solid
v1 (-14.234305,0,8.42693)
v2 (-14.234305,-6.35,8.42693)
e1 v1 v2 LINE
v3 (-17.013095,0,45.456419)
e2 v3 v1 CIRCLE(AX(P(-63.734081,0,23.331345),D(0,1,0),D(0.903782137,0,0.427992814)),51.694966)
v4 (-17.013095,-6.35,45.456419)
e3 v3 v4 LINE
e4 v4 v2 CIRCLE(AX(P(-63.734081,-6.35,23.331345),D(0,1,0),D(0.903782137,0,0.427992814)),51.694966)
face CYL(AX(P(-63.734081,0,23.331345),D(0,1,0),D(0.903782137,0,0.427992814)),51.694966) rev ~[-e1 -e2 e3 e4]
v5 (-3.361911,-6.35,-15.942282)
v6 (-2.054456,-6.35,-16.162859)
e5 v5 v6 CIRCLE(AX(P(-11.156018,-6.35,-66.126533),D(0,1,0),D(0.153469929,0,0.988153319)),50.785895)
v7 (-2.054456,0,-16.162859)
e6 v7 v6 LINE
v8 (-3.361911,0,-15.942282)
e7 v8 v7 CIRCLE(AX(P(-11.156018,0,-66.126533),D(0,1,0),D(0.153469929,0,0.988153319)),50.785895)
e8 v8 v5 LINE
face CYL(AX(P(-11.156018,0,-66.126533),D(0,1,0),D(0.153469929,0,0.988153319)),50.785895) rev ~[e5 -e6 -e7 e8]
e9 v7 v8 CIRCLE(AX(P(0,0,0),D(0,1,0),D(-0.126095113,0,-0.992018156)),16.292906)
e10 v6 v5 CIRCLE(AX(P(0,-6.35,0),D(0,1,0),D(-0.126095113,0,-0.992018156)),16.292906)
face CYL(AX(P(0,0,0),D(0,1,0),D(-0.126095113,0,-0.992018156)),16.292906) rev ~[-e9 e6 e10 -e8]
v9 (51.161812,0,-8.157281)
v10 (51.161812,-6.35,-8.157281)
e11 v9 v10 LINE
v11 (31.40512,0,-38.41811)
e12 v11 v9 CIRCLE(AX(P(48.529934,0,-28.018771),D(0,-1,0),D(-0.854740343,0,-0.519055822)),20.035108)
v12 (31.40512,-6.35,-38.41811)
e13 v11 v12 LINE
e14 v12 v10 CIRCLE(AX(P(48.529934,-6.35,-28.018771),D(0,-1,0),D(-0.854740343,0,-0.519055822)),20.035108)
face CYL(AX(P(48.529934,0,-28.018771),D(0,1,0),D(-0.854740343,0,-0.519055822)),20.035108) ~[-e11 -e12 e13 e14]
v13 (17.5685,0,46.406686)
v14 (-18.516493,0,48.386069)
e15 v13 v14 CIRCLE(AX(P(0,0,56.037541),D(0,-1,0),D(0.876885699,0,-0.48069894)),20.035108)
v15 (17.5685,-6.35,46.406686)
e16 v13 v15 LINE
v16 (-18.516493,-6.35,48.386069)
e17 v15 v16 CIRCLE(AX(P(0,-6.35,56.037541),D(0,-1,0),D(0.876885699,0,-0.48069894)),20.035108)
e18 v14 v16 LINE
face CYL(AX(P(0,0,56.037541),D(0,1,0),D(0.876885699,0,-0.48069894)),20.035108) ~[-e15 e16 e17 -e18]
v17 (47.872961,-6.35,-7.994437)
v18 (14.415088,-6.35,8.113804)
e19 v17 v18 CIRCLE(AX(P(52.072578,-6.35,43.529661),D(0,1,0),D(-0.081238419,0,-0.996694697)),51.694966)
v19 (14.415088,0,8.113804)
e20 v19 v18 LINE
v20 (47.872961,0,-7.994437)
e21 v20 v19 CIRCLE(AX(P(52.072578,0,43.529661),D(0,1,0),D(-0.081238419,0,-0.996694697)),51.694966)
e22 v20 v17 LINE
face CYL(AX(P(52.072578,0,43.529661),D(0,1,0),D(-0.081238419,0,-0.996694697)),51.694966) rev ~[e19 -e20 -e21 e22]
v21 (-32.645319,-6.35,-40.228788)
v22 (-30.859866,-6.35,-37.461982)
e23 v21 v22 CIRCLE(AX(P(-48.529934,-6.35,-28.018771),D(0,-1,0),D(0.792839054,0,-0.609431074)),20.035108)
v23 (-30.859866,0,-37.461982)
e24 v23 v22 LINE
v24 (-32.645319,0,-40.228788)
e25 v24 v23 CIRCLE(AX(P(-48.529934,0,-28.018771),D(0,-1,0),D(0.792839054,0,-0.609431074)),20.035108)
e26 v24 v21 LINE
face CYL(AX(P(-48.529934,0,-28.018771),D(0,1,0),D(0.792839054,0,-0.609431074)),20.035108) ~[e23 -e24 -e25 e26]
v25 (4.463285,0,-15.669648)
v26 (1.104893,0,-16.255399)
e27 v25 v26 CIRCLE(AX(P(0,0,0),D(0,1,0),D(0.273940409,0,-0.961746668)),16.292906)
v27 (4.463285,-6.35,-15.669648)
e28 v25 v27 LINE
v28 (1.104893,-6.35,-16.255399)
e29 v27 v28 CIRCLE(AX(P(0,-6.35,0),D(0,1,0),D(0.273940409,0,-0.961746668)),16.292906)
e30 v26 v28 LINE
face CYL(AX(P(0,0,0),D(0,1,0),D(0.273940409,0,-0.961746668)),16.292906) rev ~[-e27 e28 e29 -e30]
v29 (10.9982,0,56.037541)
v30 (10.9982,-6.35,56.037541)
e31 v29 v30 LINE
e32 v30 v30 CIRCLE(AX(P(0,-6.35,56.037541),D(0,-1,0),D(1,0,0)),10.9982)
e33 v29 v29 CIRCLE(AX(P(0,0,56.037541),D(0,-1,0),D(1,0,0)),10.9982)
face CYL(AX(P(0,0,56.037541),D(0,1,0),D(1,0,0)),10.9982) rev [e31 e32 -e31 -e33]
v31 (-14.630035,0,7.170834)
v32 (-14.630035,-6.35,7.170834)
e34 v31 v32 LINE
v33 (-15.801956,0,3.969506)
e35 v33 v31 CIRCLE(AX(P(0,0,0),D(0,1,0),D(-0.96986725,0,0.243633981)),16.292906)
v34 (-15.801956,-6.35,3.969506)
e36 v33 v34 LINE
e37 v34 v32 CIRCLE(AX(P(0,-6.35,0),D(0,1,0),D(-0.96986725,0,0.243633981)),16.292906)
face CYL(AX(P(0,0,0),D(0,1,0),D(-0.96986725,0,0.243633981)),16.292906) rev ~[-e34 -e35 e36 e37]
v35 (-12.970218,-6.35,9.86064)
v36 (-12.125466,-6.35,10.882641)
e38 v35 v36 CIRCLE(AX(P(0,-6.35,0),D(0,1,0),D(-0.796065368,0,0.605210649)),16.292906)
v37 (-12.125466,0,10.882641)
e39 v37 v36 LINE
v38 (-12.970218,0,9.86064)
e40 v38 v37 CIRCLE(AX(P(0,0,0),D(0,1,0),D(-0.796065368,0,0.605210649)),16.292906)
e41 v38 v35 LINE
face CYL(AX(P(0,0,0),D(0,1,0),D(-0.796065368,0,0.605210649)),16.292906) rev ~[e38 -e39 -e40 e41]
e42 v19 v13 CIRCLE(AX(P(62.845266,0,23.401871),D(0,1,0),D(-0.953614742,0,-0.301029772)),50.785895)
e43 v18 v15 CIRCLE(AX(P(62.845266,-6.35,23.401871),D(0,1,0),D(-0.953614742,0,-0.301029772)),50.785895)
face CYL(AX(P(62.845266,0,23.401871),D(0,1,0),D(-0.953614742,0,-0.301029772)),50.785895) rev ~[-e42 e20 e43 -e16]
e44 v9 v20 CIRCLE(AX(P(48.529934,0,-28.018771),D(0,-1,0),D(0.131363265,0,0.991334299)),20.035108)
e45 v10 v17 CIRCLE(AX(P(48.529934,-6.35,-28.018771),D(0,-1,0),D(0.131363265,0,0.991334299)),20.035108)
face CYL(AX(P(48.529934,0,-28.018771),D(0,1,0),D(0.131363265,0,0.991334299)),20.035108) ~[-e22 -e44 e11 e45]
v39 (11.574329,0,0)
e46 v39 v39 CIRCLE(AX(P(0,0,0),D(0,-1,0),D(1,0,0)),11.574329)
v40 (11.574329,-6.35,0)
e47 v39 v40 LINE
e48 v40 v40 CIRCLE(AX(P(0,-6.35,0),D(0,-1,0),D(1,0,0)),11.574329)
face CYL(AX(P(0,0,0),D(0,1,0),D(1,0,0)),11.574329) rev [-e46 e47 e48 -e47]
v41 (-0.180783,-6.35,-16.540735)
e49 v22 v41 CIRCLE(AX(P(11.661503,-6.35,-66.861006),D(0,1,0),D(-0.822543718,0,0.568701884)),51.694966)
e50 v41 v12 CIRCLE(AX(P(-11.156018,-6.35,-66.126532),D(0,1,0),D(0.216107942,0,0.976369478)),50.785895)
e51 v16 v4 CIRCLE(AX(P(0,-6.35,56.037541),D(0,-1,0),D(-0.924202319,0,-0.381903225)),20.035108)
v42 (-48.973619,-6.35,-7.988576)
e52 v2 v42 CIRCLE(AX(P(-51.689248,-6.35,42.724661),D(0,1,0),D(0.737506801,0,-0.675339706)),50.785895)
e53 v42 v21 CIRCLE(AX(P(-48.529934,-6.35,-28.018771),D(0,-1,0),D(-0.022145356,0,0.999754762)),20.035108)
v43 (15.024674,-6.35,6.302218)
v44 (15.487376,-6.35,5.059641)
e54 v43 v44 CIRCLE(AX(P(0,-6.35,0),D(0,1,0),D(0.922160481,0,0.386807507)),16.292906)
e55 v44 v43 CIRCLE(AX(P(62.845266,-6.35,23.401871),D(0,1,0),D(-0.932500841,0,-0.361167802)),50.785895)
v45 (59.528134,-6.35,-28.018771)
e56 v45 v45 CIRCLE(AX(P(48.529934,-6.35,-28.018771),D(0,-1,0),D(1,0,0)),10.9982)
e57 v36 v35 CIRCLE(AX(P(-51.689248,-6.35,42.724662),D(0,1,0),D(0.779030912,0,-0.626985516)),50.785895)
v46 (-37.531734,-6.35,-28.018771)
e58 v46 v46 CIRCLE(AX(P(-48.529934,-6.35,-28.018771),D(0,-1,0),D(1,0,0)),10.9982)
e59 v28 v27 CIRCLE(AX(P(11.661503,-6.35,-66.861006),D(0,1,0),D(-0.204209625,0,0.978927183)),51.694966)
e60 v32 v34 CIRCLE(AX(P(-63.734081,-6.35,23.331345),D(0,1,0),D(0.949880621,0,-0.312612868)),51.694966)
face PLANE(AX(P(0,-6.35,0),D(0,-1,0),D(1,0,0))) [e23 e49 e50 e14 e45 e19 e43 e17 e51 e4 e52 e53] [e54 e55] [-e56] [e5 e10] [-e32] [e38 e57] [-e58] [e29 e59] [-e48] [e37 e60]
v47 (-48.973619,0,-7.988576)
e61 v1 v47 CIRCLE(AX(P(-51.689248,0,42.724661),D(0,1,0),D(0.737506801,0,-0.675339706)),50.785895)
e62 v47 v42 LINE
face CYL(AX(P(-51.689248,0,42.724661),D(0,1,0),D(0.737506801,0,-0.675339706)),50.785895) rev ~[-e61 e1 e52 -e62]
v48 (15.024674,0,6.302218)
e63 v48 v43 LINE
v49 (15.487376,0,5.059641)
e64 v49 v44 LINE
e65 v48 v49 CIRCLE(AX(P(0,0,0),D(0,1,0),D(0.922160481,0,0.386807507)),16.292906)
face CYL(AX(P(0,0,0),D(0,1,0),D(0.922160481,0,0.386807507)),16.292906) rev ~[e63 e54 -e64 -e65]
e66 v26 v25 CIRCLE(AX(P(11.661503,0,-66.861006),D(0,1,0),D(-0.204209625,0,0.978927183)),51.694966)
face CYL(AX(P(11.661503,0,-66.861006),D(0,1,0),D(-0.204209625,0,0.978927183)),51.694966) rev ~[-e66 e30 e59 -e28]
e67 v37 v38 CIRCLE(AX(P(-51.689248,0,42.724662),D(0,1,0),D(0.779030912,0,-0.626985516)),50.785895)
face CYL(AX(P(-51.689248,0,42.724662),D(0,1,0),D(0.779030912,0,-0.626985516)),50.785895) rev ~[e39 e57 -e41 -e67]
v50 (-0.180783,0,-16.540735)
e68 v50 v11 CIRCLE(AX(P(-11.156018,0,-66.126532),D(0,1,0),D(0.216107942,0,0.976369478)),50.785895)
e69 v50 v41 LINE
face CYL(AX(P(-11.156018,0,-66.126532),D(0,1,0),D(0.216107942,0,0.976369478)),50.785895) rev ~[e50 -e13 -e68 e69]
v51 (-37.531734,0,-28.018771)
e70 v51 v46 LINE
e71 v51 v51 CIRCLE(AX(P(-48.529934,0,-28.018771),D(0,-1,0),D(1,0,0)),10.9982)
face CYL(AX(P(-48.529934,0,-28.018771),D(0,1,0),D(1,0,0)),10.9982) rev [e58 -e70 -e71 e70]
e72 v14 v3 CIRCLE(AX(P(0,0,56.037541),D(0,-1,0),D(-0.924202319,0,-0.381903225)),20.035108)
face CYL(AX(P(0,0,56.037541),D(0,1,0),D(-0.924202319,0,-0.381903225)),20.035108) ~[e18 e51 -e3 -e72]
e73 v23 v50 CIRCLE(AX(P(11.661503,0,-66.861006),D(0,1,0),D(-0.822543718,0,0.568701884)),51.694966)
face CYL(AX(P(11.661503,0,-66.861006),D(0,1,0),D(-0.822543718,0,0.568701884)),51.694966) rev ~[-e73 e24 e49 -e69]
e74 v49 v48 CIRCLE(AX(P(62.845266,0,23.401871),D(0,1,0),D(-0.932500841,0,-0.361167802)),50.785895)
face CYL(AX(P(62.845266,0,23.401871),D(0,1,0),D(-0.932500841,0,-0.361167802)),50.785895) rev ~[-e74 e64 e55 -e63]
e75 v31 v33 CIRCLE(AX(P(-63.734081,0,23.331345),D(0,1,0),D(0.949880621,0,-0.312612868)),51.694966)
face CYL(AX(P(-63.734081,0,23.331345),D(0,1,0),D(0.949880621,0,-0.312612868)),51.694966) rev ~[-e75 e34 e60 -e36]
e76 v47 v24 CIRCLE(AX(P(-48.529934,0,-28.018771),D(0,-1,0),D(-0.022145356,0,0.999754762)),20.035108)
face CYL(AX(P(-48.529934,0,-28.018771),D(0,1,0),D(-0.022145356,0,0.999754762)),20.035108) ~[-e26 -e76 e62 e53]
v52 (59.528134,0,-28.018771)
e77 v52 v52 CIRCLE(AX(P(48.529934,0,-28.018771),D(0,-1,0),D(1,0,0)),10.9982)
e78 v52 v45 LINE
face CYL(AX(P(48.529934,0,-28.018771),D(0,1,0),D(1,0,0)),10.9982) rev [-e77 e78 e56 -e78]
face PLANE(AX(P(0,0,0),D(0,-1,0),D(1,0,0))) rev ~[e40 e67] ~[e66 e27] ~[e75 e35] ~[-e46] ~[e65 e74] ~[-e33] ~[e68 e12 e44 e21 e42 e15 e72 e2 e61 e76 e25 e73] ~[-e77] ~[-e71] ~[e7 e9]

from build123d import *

# Parameters (mm, degrees)
F0_R     = 10.9982
F0_R_2   = 11.5743290876
F1_DEPTH = 6.35


with BuildPart() as f1:
    # F0 (on Front) → F1 (new body)
    with BuildSketch(Plane.XZ):
        with BuildLine():
            ThreePointArc((14.4150879501, 8.1138044881), (12.2307022641, 27.5699706083), (17.5684995614, 46.4066863766))
            ThreePointArc((17.5684995614, 46.4066863766), (1.0973431657, 76.0425754658), (-18.5164931455, 48.3860691738))
            ThreePointArc((-18.5164931455, 48.3860691738), (-17.7414613596, 46.9332176395), (-17.0130948181, 45.4564190644))
            ThreePointArc((-17.0130948181, 45.4564190644), (-12.1840612137, 27.1997940984), (-14.2343047831, 8.4269301185))
            ThreePointArc((-14.2343047831, 8.4269301185), (-29.9916460604, -3.1928864373), (-48.9736190883, -7.9885762617))
            ThreePointArc((-48.9736190883, -7.9885762617), (-66.4034737054, -37.0709606747), (-32.6453185211, -40.2287880399))
            ThreePointArc((-32.6453185211, -40.2287880399), (-31.7746280773, -38.8311650574), (-30.8598662658, -37.4619818417))
            ThreePointArc((-30.8598662658, -37.4619818417), (-17.4636820601, -24.1516035815), (-0.180783167, -16.5407346066))
            ThreePointArc((-0.180783167, -16.5407346066), (17.7609437963, -24.377084171), (31.4051195269, -38.4181101149))
            ThreePointArc((31.4051195269, -38.4181101149), (65.3061305397, -38.9716147911), (51.1618116665, -8.1572811339))
            ThreePointArc((51.1618116665, -8.1572811339), (49.5160894369, -8.1020525821), (47.8729610839, -7.9944372227))
            ThreePointArc((47.8729610839, -7.9944372227), (29.6477432738, -3.0481905169), (14.4150879501, 8.1138044881))
        make_face()
        with Locations((-48.5299344863, -28.0187707394)):
            Circle(F0_R, mode=Mode.SUBTRACT)
        with BuildLine():
            ThreePointArc((-3.3619106967, -15.9422817197), (-2.7074633767, -16.0483031057), (-2.0544558376, -16.1628586944))
            ThreePointArc((-2.0544558376, -16.1628586944), (-2.7104280398, -16.0658759427), (-3.3619106967, -15.9422817197))
        make_face(mode=Mode.SUBTRACT)
        with BuildLine():
            ThreePointArc((1.1048933647, -16.255399122), (0.4611464264, -16.3939725301), (-0.180783167, -16.5407346066))
            ThreePointArc((-0.180783167, -16.5407346066), (-1.1158416097, -16.3429810878), (-2.0544558376, -16.1628586944))
            ThreePointArc((-2.0544558376, -16.1628586944), (-0.47703056, -16.285921276), (1.1048933647, -16.255399122))
        make_face(mode=Mode.SUBTRACT)
        with BuildLine():
            ThreePointArc((-15.8019560642, 3.9695055747), (-15.2999558763, 5.6009052972), (-14.6300352707, 7.1708338387))
            ThreePointArc((-14.6300352707, 7.1708338387), (-15.1895990274, 5.5605066017), (-15.8019560642, 3.9695055747))
        make_face(mode=Mode.SUBTRACT)
        with BuildLine():
            ThreePointArc((-14.6300352707, 7.1708338387), (-14.4281698933, 7.7976217449), (-14.2343047831, 8.4269301185))
            ThreePointArc((-14.2343047831, 8.4269301185), (-13.5955159908, 9.1378377245), (-12.9702183083, 9.8606402935))
            ThreePointArc((-12.9702183083, 9.8606402935), (-13.8655062691, 8.5560812213), (-14.6300352707, 7.1708338387))
        make_face(mode=Mode.SUBTRACT)
        with BuildLine():
            ThreePointArc((-12.1254656152, 10.8826409285), (-12.5445064888, 10.3688836169), (-12.9702183083, 9.8606402935))
            ThreePointArc((-12.9702183083, 9.8606402935), (-12.5582426805, 10.3802375089), (-12.1254656152, 10.8826409285))
        make_face(mode=Mode.SUBTRACT)
        with Locations((48.5299344863, -28.0187707394)):
            Circle(F0_R, mode=Mode.SUBTRACT)
        with BuildLine():
            ThreePointArc((4.4632853639, -15.6696481685), (2.7994516666, -16.0506031142), (1.1048933647, -16.255399122))
            ThreePointArc((1.1048933647, -16.255399122), (2.7792595388, -15.9348319319), (4.4632853639, -15.6696481685))
        make_face(mode=Mode.SUBTRACT)
        Circle(F0_R_2, mode=Mode.SUBTRACT)
        with BuildLine():
            ThreePointArc((15.4873763119, 5.0596407912), (15.2519698655, 5.6794194888), (15.0246741459, 6.3022184009))
            ThreePointArc((15.0246741459, 6.3022184009), (15.2686707203, 5.6856384337), (15.4873763119, 5.0596407912))
        make_face(mode=Mode.SUBTRACT)
        with BuildLine():
            ThreePointArc((13.525141906, 9.0845652833), (13.9670234668, 8.5963507852), (14.4150879501, 8.1138044881))
            ThreePointArc((14.4150879501, 8.1138044881), (14.7113576004, 7.2051433633), (15.0246741459, 6.3022184009))
            ThreePointArc((15.0246741459, 6.3022184009), (14.3425368291, 7.7298400547), (13.525141906, 9.0845652833))
        make_face(mode=Mode.SUBTRACT)
        with Locations((0, 56.0375414789)):
            Circle(F0_R, mode=Mode.SUBTRACT)
        with BuildLine():
            ThreePointArc((-12.9702183083, 9.8606402935), (-13.5955159908, 9.1378377245), (-14.2343047831, 8.4269301185))
            ThreePointArc((-14.2343047831, 8.4269301185), (-14.4281698933, 7.7976217449), (-14.6300352707, 7.1708338387))
            ThreePointArc((-14.6300352707, 7.1708338387), (-13.8655062691, 8.5560812213), (-12.9702183083, 9.8606402935))
        make_face()
        with BuildLine():
            ThreePointArc((-2.0544558376, -16.1628586944), (-1.1158416097, -16.3429810878), (-0.180783167, -16.5407346066))
            ThreePointArc((-0.180783167, -16.5407346066), (0.4611464264, -16.3939725301), (1.1048933647, -16.255399122))
            ThreePointArc((1.1048933647, -16.255399122), (-0.47703056, -16.285921276), (-2.0544558376, -16.1628586944))
        make_face()
        with BuildLine():
            ThreePointArc((15.0246741459, 6.3022184009), (14.7113576004, 7.2051433633), (14.4150879501, 8.1138044881))
            ThreePointArc((14.4150879501, 8.1138044881), (13.9670234668, 8.5963507852), (13.525141906, 9.0845652833))
            ThreePointArc((13.525141906, 9.0845652833), (14.3425368291, 7.7298400547), (15.0246741459, 6.3022184009))
        make_face()
        with BuildLine():
            ThreePointArc((-17.0130948181, 45.4564190644), (-17.7414613596, 46.9332176395), (-18.5164931455, 48.3860691738))
            ThreePointArc((-18.5164931455, 48.3860691738), (-17.8250839453, 46.8903053289), (-17.0130948181, 45.4564190644))
        make_face()
        with BuildLine():
            ThreePointArc((51.1618116665, -8.1572811339), (49.5207375787, -8.0081771432), (47.8729610839, -7.9944372227))
            ThreePointArc((47.8729610839, -7.9944372227), (49.5160894369, -8.1020525821), (51.1618116665, -8.1572811339))
        make_face()
        with BuildLine():
            ThreePointArc((-30.8598662658, -37.4619818417), (-31.7746280773, -38.8311650574), (-32.6453185211, -40.2287880399))
            ThreePointArc((-32.6453185211, -40.2287880399), (-31.6956536334, -38.8821281857), (-30.8598662658, -37.4619818417))
        make_face()
    extrude(amount=F1_DEPTH)


solid = f1.part
